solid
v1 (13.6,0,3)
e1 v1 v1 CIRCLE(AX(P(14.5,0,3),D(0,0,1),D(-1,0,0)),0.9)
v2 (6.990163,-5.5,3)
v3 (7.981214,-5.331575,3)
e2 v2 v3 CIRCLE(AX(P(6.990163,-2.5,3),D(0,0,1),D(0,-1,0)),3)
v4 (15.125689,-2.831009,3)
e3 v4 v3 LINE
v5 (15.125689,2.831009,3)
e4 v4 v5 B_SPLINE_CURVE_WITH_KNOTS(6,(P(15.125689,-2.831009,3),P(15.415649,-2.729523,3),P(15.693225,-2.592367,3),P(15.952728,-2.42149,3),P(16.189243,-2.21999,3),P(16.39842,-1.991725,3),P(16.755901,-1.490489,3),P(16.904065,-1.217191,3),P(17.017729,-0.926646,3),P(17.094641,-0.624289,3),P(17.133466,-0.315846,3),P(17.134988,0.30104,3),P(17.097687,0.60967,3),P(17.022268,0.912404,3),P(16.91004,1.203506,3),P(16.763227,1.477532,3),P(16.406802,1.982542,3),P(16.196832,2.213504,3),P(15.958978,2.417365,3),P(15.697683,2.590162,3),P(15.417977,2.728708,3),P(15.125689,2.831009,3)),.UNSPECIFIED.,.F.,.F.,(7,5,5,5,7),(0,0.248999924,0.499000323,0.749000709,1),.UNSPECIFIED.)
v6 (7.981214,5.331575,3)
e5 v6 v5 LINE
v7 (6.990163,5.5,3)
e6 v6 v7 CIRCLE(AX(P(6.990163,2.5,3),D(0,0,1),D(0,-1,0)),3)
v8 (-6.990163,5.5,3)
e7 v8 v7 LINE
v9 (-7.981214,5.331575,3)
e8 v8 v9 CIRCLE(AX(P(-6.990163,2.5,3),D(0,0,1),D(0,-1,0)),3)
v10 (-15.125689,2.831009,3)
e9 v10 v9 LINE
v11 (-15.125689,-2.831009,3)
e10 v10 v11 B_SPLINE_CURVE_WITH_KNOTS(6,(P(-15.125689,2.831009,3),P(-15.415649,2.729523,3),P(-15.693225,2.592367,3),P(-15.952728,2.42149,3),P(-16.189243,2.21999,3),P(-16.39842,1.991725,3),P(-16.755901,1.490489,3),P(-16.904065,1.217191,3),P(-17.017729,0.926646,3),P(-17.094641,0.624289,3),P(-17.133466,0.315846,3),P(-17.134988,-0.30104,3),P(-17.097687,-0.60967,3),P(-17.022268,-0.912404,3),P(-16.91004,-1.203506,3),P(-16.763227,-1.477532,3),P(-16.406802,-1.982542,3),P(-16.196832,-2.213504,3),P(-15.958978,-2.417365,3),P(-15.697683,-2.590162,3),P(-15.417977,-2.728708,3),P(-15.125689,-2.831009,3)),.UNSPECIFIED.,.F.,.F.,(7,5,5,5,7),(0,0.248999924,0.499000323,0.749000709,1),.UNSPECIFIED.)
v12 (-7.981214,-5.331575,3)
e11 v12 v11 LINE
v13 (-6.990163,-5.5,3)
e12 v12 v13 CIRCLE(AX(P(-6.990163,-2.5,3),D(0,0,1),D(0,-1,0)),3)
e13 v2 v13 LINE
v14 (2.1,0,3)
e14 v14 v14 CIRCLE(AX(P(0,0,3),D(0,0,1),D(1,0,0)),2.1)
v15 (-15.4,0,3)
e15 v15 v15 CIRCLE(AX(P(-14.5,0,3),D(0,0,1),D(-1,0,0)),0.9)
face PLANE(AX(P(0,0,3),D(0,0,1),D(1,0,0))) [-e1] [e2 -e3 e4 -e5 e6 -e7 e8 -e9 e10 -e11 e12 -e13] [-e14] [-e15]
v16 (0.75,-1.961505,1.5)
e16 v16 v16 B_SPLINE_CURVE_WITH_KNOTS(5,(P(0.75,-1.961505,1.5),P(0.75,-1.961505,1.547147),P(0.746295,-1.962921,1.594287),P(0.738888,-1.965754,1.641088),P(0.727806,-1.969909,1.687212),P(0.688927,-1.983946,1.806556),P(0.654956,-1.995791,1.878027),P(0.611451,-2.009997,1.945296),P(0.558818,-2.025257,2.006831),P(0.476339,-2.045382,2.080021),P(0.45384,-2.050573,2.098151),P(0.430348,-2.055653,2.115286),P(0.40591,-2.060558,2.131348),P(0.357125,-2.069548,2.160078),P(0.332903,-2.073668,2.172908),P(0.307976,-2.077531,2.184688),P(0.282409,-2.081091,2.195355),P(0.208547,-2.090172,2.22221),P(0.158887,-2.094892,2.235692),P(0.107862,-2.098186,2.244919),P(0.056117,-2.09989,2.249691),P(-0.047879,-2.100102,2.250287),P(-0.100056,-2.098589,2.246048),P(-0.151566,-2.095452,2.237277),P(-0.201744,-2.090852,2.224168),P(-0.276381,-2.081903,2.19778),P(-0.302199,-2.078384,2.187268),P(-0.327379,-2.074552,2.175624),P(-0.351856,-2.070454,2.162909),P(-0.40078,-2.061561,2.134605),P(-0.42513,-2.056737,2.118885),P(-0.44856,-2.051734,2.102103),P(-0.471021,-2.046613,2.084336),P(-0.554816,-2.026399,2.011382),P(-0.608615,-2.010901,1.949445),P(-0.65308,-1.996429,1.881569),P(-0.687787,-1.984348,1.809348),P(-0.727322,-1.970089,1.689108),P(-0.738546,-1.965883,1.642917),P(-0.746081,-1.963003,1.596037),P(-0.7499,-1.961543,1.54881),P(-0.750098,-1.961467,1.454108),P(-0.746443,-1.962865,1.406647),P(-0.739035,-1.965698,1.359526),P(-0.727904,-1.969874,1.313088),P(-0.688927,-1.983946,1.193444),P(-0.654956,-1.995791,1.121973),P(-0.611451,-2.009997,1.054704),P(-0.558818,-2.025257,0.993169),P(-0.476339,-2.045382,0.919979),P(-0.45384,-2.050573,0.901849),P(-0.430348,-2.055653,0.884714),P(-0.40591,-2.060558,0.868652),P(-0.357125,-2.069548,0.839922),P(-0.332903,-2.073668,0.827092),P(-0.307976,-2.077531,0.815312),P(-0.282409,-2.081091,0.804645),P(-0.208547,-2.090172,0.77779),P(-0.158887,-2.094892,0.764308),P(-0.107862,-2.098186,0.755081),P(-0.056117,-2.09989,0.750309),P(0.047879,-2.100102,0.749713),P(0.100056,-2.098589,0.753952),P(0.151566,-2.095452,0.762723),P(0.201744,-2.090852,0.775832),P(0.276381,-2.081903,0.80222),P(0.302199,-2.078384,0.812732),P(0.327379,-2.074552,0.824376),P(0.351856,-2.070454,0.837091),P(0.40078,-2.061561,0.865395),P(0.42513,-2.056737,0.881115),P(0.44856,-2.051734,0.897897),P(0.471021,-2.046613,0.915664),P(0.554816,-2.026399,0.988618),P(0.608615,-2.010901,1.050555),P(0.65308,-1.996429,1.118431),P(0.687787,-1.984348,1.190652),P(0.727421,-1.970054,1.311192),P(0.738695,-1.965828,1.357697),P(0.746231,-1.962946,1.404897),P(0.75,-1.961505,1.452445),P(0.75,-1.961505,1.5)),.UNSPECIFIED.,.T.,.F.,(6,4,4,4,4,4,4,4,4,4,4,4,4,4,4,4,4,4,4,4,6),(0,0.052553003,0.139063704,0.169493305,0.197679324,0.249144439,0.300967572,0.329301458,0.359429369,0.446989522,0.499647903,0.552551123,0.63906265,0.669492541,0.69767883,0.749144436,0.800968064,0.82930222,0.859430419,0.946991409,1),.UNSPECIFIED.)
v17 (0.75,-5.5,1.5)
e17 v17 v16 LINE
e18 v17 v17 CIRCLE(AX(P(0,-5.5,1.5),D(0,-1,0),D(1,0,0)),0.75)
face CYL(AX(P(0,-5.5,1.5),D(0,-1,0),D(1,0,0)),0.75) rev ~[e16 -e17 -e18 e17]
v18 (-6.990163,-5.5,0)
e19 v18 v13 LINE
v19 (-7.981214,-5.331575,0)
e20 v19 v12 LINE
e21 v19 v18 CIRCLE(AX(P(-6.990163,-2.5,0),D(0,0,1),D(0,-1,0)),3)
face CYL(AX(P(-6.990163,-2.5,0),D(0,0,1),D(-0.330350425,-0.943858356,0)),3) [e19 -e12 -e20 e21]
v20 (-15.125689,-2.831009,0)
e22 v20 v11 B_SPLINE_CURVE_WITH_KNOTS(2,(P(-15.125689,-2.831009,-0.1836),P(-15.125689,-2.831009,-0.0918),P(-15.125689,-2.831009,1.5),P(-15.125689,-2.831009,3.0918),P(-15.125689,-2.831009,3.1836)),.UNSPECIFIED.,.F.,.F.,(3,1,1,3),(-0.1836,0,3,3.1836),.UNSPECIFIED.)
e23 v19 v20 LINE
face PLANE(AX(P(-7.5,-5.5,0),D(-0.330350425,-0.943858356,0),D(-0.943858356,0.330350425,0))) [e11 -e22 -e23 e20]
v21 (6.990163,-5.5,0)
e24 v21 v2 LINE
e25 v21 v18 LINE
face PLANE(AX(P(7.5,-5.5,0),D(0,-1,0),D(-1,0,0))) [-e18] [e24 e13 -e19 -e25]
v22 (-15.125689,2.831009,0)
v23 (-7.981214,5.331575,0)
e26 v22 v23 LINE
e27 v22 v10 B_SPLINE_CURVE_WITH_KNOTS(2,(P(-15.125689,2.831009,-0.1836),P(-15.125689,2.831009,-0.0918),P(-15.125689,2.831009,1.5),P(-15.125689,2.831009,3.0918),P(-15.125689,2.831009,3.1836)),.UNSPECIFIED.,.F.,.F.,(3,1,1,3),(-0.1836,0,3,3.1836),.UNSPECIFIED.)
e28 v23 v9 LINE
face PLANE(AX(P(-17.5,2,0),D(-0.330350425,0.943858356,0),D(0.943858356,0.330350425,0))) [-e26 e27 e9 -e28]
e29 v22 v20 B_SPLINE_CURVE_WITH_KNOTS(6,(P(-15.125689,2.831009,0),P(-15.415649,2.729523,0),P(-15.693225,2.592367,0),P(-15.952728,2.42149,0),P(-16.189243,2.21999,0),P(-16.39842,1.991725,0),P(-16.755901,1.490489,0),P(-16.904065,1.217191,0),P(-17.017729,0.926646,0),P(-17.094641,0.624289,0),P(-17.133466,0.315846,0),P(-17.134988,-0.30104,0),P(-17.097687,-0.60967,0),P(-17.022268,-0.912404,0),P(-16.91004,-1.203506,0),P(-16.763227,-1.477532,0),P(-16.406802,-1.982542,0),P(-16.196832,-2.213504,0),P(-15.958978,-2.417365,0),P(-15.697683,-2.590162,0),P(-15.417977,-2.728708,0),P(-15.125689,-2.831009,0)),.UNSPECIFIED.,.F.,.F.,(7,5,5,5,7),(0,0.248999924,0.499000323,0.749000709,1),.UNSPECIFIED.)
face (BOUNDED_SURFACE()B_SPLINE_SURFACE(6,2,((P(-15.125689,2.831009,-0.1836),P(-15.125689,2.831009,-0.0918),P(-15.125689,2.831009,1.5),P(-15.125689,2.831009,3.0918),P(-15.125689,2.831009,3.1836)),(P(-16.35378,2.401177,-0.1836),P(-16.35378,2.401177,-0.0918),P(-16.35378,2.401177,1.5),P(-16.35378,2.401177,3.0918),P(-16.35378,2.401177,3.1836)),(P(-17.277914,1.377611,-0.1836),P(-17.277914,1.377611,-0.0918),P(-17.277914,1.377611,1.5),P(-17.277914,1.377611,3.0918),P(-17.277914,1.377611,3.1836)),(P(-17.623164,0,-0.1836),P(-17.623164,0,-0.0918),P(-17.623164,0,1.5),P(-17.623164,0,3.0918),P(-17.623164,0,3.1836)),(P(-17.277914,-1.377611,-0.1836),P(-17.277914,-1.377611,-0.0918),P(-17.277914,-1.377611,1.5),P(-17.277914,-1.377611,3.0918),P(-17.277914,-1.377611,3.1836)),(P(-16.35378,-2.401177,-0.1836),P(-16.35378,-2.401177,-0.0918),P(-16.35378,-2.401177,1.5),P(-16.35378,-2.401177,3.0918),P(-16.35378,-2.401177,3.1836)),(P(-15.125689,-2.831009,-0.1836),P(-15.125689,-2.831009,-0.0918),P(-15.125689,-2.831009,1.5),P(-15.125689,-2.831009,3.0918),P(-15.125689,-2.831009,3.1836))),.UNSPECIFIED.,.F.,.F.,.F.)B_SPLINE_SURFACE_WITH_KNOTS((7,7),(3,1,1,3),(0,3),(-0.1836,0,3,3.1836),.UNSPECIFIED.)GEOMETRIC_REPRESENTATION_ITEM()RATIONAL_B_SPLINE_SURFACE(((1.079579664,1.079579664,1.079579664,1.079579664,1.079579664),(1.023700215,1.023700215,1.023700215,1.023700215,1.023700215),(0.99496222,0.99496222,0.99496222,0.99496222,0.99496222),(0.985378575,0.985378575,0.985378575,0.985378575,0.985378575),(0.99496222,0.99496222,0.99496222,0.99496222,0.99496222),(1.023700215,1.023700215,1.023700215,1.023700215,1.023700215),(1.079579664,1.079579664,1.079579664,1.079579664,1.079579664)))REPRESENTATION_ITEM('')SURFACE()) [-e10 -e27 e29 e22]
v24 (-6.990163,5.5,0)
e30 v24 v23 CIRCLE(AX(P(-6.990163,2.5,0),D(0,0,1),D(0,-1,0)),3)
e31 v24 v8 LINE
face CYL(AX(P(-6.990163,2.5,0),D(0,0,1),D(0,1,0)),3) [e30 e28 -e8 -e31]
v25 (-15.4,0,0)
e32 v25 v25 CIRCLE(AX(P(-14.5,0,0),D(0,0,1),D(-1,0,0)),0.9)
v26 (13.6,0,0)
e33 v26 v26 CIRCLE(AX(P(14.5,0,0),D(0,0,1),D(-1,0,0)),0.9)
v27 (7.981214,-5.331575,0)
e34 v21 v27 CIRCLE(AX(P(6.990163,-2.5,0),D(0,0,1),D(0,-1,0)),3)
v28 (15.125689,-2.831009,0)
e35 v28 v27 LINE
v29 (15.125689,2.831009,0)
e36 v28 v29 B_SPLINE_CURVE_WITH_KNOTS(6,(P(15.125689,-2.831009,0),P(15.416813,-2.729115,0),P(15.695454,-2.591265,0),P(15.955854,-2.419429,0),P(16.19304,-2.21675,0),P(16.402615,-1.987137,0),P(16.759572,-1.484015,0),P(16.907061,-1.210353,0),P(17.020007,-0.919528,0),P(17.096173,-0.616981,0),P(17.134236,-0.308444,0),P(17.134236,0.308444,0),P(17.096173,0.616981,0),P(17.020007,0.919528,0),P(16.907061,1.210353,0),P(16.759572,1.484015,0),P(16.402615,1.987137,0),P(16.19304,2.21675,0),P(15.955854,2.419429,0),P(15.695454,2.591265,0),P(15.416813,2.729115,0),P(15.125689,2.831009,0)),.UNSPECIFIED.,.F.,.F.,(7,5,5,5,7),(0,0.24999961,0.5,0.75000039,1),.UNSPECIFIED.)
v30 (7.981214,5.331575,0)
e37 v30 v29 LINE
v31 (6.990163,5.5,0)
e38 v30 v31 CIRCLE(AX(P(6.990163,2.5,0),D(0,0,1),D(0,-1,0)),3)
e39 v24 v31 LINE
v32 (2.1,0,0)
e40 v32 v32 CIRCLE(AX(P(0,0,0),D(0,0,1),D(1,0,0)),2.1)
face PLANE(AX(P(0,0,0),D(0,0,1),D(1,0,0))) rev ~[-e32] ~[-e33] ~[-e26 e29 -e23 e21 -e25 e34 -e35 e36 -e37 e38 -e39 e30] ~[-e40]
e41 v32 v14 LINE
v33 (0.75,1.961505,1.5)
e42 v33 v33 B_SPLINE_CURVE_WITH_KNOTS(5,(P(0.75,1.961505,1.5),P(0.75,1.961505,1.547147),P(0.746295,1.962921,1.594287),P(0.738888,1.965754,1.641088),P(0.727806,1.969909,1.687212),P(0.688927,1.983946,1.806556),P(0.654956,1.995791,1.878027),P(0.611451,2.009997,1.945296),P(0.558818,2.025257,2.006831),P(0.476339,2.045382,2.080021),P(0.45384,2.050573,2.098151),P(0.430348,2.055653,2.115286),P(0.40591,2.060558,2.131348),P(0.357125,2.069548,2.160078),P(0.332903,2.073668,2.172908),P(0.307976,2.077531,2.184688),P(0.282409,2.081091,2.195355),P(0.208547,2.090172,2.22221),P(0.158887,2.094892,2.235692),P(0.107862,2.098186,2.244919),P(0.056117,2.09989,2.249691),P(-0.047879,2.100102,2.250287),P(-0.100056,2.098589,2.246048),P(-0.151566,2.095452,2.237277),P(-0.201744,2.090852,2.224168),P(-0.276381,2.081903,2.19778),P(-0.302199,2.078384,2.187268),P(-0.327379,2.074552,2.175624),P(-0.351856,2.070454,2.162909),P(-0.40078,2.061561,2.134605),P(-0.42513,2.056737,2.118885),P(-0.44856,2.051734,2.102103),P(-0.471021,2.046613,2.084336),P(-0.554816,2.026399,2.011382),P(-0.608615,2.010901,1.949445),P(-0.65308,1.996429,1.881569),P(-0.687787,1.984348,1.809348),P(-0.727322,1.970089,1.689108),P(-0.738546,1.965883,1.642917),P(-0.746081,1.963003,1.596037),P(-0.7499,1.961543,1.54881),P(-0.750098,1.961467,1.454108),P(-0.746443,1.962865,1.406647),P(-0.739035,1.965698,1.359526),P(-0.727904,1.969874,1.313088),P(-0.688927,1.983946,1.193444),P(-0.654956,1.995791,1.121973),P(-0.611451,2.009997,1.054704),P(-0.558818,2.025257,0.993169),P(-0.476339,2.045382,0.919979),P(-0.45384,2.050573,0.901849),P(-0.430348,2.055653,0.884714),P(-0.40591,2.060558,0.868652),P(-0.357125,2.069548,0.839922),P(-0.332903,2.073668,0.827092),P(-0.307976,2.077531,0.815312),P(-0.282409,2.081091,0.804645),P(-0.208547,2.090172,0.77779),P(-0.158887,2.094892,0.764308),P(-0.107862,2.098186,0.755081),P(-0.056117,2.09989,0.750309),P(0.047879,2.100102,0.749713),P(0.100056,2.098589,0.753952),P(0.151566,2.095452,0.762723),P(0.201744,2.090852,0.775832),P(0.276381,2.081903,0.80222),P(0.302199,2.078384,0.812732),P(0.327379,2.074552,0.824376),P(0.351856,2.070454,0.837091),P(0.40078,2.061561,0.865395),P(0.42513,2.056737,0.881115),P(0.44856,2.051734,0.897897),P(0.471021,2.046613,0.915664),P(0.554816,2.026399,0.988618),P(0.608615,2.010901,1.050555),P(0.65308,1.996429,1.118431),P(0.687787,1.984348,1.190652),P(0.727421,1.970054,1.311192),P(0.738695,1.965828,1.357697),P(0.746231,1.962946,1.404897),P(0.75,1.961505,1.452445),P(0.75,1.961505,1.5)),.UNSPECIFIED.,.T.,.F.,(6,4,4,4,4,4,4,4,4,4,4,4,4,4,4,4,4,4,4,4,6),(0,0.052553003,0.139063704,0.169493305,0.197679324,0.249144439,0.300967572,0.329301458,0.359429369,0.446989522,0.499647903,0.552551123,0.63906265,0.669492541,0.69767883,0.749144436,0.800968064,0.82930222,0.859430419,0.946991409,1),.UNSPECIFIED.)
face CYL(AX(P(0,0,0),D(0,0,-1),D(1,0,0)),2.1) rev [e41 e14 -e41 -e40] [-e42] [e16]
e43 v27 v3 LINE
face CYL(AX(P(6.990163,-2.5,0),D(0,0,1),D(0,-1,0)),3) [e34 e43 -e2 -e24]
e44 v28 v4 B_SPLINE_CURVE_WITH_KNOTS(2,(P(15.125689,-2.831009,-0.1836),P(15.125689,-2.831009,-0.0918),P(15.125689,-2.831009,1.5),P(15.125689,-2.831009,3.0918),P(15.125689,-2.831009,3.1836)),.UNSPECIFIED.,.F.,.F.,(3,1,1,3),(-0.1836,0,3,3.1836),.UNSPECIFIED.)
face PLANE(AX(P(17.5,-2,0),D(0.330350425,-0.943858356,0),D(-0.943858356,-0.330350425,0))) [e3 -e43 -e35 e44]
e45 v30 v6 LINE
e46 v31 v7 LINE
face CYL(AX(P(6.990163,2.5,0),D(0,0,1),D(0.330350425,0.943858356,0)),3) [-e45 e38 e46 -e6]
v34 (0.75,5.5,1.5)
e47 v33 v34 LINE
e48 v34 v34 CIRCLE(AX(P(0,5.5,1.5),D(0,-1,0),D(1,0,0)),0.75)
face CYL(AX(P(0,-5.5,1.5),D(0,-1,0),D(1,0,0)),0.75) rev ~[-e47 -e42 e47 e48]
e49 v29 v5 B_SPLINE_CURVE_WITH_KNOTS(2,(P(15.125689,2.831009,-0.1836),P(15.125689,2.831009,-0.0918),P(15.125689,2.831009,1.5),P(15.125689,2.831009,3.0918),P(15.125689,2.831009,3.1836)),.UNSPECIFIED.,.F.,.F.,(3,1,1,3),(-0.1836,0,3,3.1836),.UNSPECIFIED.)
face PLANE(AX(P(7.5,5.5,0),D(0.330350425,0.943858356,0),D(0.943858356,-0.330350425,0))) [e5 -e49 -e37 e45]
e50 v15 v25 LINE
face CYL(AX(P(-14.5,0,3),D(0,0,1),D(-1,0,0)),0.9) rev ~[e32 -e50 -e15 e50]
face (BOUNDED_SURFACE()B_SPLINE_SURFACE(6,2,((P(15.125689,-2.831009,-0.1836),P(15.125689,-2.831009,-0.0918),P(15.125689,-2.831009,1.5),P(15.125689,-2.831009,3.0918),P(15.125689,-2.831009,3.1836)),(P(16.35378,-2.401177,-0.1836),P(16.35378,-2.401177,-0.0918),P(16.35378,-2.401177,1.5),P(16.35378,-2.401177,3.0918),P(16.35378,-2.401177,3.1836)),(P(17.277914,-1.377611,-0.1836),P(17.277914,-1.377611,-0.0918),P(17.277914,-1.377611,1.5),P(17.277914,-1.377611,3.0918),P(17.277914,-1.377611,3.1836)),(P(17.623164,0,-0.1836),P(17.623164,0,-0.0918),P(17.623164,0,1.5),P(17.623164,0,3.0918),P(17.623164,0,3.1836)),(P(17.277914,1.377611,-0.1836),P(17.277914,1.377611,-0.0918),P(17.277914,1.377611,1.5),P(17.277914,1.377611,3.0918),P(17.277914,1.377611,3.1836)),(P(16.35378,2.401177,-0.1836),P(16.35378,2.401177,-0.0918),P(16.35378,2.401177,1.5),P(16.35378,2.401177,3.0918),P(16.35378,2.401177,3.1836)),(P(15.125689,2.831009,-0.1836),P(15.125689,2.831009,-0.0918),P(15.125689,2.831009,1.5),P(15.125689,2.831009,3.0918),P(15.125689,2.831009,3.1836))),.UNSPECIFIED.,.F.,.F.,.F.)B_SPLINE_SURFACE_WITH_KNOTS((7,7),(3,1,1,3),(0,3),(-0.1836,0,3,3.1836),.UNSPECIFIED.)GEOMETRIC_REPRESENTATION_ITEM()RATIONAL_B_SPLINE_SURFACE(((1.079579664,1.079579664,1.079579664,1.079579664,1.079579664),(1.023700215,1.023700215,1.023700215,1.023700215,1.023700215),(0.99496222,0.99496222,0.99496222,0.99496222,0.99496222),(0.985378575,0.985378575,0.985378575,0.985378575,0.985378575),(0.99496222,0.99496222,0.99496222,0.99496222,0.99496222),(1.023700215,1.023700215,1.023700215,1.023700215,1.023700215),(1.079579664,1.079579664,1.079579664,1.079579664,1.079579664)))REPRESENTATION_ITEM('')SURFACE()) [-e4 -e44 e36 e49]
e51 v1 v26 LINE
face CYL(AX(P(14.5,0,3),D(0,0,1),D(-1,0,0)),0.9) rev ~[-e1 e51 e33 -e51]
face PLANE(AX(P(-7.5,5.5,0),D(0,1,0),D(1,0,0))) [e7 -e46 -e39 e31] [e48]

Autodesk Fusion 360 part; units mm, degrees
sketch "Main" plane through (0, 0, 0) normal (0, 0, 1) x (1, 0, 0)
  line L0 (-7.5, 5.5) -> (7.5, 5.5)
  line L1 (7.5, 5.5) -> (17.5, 2)
  line L2 (17.5, 2) -> (17.5, -2)
  line L3 (17.5, -2) -> (7.5, -5.5)
  line L4 (7.5, -5.5) -> (-7.5, -5.5)
  line L5 (-7.5, -5.5) -> (-17.5, -2)
  line L6 (-17.5, -2) -> (-17.5, 2)
  line L7 (-17.5, 2) -> (-7.5, 5.5)
  circle A0 centre (0, 0) radius 2.1
  dimension "d1" = 4.2
  dimension "d2" = 15
  dimension "d3" = 15
  dimension "d4" = 7.5
  dimension "d5" = 5.5
  dimension "d6" = 5.5
  dimension "d7" = 10
  dimension "d8" = 10
  dimension "d9" = 4
  dimension "d10" = 4
  dimension "d11" = 3.5
extrude "Extrude1" add sketch "Main" along normal blind 3
sketch "Face holes" plane through (0, 0, 3) normal (0, 0, 1) x (-1, 0, 0)
  circle A0 centre (0, 0) radius 2.1
  line L0 (17.5, -2) -> (17.5, 2)
  line L1 (17.5, 2) -> (7.5, 5.5)
  line L2 (7.5, 5.5) -> (-7.5, 5.5)
  line L3 (-7.5, 5.5) -> (-17.5, 2)
  line L4 (-17.5, 2) -> (-17.5, -2)
  line L5 (-17.5, -2) -> (-7.5, -5.5)
  line L6 (-7.5, -5.5) -> (7.5, -5.5)
  line L7 (7.5, -5.5) -> (17.5, -2)
  circle A1 centre (14.5, 0) radius 0.9
  circle A2 centre (-14.5, 0) radius 0.9
  dimension "d14" = 1.8
  dimension "d15" = 1.8
  dimension "d16" = 29
  dimension "d18" = 14.5
extrude "Extrude2" cut sketch "Face holes" against normal blind 3 contours A1 | A2
fillet "Fillet1" radius 3 8 edges at (-17.5, -2, 1.5) (-7.5, -5.5, 1.5) (7.5, -5.5, 1.5) (17.5, -2, 1.5) (17.5, 2, 1.5) (7.5, 5.5, 1.5) (-7.5, 5.5, 1.5) (-17.5, 2, 1.5)
sketch "Hole Pin" plane through (0, -5.5, 0) normal (0, -1, 0) x (1, 0, 0)
  line L0 (6.9902, 0) -> (6.9902, 3)
  line L1 (6.9902, 3) -> (-6.9902, 3)
  line L2 (-6.9902, 3) -> (-6.9902, 0)
  line L3 (-6.9902, 0) -> (6.9902, 0)
  circle A0 centre (0, 1.5) radius 0.75
  dimension "d23" = 1.5
  dimension "d24" = 1.5
extrude "Extrude3" cut sketch "Hole Pin" against normal blind 17 contours A0
